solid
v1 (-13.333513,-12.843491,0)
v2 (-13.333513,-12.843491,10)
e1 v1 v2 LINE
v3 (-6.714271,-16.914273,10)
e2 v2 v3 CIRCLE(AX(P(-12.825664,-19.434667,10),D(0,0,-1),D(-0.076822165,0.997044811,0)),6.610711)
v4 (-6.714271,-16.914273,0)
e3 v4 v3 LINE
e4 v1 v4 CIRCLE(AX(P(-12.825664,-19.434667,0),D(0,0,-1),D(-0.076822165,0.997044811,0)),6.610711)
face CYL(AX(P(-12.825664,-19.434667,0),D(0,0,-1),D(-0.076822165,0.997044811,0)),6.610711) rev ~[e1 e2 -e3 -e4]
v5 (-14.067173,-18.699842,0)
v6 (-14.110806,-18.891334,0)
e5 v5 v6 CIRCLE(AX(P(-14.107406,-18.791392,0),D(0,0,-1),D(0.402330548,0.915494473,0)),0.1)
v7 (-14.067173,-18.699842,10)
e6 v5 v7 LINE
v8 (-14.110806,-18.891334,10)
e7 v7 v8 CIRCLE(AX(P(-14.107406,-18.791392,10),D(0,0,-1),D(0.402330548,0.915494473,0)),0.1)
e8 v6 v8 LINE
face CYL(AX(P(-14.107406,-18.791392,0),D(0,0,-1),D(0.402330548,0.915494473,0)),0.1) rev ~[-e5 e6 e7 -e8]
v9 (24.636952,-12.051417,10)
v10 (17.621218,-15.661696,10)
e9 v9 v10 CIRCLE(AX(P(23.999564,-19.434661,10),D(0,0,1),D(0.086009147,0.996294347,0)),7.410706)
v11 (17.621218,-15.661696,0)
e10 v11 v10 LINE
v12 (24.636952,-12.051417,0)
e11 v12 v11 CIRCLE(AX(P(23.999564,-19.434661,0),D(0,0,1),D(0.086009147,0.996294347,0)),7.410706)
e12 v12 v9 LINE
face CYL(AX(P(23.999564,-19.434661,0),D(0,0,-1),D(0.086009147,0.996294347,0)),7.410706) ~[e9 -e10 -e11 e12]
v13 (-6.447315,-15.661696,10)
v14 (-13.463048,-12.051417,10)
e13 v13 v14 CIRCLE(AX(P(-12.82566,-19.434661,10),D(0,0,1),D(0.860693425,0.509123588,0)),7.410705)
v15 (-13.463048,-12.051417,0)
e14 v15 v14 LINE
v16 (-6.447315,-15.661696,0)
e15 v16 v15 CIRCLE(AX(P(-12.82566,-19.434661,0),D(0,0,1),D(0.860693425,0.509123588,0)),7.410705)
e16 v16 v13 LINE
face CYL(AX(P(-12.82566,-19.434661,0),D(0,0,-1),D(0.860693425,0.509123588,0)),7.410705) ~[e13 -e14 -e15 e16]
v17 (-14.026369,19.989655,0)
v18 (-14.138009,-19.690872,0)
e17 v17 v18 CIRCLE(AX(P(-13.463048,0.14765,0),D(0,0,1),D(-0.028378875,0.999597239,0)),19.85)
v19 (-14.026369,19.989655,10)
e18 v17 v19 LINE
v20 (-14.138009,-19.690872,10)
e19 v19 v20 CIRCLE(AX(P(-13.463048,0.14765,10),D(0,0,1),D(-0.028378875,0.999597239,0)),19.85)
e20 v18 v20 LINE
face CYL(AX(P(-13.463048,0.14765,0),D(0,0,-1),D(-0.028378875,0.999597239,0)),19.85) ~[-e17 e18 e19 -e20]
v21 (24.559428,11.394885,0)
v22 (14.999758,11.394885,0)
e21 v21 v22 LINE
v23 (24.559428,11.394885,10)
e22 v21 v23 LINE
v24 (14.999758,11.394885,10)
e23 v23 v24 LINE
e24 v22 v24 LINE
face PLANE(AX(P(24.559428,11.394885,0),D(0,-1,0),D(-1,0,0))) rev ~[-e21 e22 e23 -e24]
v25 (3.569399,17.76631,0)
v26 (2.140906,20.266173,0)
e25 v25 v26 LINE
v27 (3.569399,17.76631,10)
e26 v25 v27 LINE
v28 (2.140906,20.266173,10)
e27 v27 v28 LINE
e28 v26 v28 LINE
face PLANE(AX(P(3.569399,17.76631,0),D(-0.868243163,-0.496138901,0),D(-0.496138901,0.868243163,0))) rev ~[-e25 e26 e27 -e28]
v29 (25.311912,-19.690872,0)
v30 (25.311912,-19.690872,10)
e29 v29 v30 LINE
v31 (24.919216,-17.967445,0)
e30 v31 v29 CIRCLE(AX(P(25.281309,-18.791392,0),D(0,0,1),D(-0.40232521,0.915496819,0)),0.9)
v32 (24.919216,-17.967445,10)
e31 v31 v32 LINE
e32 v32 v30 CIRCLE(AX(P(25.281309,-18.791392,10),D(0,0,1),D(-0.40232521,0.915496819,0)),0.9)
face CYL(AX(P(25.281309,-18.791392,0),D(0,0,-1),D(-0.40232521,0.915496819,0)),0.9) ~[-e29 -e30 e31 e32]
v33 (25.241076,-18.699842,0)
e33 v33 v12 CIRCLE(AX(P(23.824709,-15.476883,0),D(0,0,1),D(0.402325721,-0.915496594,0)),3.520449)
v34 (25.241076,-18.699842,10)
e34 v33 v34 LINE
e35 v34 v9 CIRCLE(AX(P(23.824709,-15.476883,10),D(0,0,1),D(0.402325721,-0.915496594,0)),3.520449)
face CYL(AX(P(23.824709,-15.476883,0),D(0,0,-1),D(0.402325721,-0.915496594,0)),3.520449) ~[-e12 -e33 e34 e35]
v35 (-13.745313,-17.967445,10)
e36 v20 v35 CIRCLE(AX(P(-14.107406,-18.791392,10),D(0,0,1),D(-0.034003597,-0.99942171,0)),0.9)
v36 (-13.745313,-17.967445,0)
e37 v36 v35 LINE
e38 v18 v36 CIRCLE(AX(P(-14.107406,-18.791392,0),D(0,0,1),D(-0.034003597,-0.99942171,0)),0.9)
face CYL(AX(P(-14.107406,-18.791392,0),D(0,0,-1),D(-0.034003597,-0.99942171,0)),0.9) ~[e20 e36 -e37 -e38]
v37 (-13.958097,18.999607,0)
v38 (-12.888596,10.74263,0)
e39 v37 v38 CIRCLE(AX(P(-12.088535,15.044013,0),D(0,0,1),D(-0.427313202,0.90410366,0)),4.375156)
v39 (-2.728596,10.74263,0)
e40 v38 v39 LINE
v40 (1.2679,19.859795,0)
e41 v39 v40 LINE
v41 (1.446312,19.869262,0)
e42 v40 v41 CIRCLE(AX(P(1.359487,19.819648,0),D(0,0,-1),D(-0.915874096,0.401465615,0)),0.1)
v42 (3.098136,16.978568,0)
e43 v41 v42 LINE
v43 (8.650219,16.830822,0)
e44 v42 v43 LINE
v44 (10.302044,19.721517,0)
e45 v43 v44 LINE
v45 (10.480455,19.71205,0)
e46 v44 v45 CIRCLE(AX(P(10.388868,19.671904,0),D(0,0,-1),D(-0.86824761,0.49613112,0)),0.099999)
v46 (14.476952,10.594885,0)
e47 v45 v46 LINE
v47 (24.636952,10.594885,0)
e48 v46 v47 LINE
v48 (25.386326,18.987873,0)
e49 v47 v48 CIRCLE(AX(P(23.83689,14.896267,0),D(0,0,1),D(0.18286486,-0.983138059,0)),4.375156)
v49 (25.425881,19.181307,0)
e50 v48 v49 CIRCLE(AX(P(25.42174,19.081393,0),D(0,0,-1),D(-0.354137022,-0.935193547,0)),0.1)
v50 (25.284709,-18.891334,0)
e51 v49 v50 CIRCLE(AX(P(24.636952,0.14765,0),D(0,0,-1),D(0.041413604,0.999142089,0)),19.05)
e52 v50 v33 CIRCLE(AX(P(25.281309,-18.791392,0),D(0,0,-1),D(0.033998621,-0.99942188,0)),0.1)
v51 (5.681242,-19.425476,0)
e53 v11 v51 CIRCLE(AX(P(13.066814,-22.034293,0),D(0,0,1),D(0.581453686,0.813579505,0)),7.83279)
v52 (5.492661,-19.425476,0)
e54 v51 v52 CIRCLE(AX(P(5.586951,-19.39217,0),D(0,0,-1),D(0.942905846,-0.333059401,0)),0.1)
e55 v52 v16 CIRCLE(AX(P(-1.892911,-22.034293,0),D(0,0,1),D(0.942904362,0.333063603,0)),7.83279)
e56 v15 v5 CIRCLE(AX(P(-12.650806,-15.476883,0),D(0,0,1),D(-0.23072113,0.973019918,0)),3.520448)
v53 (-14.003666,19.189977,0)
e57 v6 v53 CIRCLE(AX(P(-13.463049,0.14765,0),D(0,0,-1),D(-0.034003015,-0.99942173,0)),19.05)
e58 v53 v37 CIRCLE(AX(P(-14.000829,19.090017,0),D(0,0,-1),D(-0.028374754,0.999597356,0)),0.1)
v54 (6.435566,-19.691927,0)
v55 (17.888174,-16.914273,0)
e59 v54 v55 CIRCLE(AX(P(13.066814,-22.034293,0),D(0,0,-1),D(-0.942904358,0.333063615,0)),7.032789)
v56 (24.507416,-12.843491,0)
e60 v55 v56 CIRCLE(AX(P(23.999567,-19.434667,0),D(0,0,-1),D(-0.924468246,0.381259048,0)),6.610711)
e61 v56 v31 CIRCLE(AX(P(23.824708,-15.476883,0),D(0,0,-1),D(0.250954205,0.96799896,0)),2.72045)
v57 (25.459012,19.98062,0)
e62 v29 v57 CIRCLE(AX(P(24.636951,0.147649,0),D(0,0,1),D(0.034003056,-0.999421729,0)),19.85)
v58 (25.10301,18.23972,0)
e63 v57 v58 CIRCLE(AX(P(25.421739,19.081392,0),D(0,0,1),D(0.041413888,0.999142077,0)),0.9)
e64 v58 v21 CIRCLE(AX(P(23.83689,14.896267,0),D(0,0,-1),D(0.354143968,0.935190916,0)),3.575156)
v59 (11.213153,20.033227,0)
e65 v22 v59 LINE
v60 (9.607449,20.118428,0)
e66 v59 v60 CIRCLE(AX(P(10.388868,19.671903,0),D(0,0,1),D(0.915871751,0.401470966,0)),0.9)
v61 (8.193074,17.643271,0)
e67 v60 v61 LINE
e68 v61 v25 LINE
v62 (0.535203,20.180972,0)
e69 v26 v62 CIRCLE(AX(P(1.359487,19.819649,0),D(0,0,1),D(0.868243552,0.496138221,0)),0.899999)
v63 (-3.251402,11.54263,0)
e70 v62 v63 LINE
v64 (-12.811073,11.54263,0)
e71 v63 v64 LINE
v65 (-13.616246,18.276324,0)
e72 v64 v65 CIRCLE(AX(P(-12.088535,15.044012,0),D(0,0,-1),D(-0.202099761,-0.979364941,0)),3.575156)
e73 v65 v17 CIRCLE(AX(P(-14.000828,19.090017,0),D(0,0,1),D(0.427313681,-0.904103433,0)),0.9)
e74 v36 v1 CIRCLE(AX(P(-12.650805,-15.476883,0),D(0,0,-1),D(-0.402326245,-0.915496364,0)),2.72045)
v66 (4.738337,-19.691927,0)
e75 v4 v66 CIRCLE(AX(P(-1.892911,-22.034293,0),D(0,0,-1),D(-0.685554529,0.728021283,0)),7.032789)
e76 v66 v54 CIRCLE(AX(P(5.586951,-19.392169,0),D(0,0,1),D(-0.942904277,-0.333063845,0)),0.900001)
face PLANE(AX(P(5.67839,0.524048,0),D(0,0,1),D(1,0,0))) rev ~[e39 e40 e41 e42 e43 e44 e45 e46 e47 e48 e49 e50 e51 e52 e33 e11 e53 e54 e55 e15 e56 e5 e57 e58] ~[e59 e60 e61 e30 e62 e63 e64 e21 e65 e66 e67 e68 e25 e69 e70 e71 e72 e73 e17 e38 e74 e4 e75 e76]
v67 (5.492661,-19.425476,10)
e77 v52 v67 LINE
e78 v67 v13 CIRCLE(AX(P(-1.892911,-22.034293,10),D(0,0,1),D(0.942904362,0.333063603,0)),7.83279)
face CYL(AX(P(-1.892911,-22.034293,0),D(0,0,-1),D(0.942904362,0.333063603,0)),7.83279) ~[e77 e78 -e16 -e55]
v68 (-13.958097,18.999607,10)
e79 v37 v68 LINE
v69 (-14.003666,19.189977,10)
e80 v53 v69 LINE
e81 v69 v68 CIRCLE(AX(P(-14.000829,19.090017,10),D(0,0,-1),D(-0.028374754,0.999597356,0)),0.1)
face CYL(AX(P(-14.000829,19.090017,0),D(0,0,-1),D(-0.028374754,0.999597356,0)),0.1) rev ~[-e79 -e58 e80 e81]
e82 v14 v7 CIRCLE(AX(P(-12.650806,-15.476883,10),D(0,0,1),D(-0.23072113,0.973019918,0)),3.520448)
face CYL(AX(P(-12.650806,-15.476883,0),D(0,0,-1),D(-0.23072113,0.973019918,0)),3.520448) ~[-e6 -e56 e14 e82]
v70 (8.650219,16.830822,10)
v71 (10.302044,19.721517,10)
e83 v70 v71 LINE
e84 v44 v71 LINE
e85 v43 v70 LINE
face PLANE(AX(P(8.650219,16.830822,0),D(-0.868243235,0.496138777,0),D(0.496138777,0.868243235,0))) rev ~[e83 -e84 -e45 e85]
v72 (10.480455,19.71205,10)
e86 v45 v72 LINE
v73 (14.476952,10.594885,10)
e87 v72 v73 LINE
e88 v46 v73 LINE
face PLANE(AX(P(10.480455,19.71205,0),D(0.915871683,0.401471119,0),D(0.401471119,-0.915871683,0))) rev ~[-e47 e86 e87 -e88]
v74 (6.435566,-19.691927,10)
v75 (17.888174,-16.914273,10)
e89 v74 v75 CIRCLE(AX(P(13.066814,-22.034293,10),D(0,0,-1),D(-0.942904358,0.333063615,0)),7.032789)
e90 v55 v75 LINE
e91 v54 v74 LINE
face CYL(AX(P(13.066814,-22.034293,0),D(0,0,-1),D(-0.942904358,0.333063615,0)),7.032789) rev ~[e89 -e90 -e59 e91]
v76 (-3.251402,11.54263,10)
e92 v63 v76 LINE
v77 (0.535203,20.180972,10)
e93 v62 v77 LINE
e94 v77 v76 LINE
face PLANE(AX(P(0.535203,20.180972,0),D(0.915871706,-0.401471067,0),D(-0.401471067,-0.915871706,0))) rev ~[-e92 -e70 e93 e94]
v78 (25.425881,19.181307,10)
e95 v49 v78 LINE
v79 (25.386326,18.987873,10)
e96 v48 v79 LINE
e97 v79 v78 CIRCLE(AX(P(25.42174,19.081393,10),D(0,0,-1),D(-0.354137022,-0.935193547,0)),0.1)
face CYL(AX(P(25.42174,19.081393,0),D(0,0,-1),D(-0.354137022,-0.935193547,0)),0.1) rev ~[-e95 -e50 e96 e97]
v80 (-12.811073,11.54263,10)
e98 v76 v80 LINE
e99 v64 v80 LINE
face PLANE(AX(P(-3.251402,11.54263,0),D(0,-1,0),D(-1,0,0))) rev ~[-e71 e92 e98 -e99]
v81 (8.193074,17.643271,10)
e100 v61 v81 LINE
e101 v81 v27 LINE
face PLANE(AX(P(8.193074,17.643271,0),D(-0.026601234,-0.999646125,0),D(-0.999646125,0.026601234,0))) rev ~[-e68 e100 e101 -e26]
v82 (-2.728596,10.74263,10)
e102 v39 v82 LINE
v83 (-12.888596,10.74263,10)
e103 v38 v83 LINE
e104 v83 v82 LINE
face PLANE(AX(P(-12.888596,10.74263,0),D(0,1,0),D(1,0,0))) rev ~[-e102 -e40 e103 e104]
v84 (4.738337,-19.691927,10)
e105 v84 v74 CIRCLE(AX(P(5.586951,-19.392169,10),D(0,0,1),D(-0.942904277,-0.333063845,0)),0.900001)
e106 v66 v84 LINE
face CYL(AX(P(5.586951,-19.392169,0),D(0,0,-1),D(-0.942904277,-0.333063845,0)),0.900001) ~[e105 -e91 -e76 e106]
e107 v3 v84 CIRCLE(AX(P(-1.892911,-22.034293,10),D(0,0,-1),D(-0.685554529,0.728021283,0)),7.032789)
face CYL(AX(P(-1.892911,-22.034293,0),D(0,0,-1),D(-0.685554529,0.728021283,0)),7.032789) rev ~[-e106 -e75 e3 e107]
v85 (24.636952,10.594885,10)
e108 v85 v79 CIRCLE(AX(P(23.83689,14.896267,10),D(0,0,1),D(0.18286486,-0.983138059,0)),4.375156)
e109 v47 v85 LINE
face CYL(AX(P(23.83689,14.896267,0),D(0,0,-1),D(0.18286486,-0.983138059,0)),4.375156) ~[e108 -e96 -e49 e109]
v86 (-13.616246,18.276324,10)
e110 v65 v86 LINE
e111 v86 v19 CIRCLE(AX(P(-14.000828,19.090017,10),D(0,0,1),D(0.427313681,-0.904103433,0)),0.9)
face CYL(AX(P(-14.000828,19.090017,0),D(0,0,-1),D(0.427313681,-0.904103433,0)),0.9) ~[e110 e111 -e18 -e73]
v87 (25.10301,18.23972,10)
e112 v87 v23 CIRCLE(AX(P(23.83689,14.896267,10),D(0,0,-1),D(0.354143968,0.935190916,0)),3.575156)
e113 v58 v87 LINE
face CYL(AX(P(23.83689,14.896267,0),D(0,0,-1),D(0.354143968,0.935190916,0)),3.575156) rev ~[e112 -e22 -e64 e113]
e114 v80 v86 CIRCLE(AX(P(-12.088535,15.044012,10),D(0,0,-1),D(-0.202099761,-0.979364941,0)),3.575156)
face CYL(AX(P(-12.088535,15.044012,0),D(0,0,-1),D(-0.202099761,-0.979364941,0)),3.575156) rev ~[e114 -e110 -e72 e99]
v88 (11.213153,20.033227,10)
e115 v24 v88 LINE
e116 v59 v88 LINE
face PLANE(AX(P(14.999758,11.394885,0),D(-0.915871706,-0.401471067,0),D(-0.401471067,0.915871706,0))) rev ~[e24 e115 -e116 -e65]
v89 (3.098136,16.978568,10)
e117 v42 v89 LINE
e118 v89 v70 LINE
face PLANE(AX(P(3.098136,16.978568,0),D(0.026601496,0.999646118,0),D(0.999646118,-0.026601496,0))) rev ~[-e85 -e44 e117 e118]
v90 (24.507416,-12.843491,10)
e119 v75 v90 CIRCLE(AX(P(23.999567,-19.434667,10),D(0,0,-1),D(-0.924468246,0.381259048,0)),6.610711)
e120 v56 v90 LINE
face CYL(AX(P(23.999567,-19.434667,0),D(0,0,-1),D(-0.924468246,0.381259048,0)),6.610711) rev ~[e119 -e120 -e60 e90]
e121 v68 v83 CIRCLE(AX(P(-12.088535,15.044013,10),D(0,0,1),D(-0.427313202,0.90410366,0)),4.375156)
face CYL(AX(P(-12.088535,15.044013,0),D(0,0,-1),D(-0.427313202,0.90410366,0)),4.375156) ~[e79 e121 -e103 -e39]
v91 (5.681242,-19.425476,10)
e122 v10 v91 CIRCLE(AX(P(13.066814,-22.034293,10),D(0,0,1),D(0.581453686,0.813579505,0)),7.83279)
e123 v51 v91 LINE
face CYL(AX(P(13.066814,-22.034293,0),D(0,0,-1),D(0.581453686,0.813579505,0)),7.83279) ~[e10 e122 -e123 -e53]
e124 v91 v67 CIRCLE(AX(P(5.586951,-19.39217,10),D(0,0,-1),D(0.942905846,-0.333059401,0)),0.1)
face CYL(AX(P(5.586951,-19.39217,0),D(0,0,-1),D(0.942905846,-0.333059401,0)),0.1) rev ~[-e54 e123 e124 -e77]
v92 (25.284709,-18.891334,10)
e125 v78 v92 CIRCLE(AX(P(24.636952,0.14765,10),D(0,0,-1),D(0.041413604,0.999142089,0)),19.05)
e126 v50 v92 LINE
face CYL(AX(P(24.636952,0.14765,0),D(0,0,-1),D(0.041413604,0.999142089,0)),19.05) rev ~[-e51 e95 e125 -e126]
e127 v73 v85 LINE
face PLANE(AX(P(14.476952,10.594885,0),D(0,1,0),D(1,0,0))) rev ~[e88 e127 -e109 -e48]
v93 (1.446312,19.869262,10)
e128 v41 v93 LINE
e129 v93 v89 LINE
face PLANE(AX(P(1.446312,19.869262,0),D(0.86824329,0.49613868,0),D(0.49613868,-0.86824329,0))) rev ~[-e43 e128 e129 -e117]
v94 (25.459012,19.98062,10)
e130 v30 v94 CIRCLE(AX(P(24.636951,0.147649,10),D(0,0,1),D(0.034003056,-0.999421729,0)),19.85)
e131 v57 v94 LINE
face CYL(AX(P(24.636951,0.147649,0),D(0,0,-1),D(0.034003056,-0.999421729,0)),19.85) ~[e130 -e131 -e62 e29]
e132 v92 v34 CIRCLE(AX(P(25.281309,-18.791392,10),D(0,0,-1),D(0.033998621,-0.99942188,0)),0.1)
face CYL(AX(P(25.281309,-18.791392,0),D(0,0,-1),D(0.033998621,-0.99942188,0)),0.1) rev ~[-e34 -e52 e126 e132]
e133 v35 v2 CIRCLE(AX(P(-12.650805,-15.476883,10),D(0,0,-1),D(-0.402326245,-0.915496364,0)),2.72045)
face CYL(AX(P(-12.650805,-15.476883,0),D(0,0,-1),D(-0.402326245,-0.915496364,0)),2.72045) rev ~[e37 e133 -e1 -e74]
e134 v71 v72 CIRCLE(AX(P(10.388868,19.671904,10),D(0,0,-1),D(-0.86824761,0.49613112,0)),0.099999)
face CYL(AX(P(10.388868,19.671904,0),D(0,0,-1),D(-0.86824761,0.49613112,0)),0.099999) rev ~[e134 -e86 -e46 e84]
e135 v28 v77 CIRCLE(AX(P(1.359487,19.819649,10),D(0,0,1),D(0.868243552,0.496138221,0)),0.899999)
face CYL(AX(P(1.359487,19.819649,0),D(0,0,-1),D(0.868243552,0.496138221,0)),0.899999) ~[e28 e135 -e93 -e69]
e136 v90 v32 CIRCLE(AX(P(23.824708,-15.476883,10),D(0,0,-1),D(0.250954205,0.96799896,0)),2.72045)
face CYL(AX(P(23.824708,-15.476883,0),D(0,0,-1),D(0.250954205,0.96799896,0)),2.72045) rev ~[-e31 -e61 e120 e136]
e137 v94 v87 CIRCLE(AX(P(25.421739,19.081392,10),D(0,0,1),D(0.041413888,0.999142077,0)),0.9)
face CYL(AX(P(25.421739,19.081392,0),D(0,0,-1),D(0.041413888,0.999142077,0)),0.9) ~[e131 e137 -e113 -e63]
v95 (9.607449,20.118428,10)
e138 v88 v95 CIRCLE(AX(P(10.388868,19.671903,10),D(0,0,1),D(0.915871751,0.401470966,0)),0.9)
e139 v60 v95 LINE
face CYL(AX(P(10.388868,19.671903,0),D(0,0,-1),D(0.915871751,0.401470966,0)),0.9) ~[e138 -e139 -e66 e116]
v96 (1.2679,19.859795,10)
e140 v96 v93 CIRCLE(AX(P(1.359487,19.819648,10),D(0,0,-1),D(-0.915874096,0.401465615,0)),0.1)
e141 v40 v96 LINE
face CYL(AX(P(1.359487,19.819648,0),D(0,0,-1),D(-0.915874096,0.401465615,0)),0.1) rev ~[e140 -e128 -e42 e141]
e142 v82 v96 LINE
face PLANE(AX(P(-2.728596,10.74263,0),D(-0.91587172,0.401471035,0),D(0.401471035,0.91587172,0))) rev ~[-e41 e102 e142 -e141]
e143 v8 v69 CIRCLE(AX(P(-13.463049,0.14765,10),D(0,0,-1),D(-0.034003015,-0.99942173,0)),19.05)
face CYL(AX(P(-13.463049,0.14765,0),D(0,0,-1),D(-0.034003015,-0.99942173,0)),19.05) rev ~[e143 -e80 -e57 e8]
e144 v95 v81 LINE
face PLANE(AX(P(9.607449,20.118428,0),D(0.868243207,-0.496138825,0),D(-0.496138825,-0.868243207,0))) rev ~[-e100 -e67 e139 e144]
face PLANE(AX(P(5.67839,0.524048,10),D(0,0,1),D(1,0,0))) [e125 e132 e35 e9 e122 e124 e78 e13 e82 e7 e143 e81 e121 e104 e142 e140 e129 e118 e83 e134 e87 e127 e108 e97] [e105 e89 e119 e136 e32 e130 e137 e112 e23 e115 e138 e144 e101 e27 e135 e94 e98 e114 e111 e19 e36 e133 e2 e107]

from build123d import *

# Parameters (mm, degrees)
F1_DEPTH = 10


with BuildPart() as f1:
    # F0 (on Top) → F1 (new body)
    with BuildSketch(Plane.XY):
        with BuildLine():
            ThreePointArc((-6.714271, -16.914273), (-0.235273, -15.199649), (4.738337, -19.691927))
            ThreePointArc((4.738337, -19.691927), (5.586952, -20.29217), (6.435566, -19.691927))
            ThreePointArc((6.435566, -19.691927), (11.409176, -15.199649), (17.888174, -16.914273))
            ThreePointArc((17.888174, -16.914273), (20.536513, -13.803613), (24.507416, -12.843491))
            ThreePointArc((24.507416, -12.843491), (26.536414, -15.25895), (24.919216, -17.967445))
            ThreePointArc((24.919216, -17.967445), (24.4038, -18.991339), (25.311912, -19.690872))
            ThreePointArc((25.311912, -19.690872), (44.486815, 0.074047), (25.459012, 19.98062))
            ThreePointArc((25.459012, 19.98062), (24.539987, 19.261705), (25.10301, 18.23972))
            ThreePointArc((25.10301, 18.23972), (27.400825, 14.613237), (24.559428, 11.394885))
            Line((24.559428, 11.394885), (14.999758, 11.394885))
            Line((14.999758, 11.394885), (11.213153, 20.033227))
            ThreePointArc((11.213153, 20.033227), (10.436556, 20.570639), (9.607449, 20.118428))
            Line((9.607449, 20.118428), (8.193074, 17.643271))
            Line((8.193074, 17.643271), (3.569399, 17.76631))
            Line((3.569399, 17.76631), (2.140906, 20.266173))
            ThreePointArc((2.140906, 20.266173), (1.311799, 20.718384), (0.535203, 20.180972))
            Line((0.535203, 20.180972), (-3.251402, 11.54263))
            Line((-3.251402, 11.54263), (-12.811073, 11.54263))
            ThreePointArc((-12.811073, 11.54263), (-15.638403, 14.619541), (-13.616246, 18.276324))
            ThreePointArc((-13.616246, 18.276324), (-13.125555, 19.299533), (-14.026369, 19.989655))
            ThreePointArc((-14.026369, 19.989655), (-33.31297, 0.203497), (-14.138009, -19.690872))
            ThreePointArc((-14.138009, -19.690872), (-13.229897, -18.991339), (-13.745313, -17.967445))
            ThreePointArc((-13.745313, -17.967445), (-15.362511, -15.25895), (-13.333513, -12.843491))
            ThreePointArc((-13.333513, -12.843491), (-9.36261, -13.803613), (-6.714271, -16.914273))
        make_face()
        with BuildLine():
            ThreePointArc((-14.110806, -18.891334), (-32.512973, 0.201246), (-14.003666, 19.189977))
            ThreePointArc((-14.003666, 19.189977), (-13.903576, 19.113297), (-13.958097, 18.999607))
            ThreePointArc((-13.958097, 18.999607), (-16.427445, 14.482007), (-12.888596, 10.74263))
            Line((-12.888596, 10.74263), (-2.728596, 10.74263))
            Line((-2.728596, 10.74263), (1.2679, 19.859795))
            ThreePointArc((1.2679, 19.859795), (1.354189, 19.919508), (1.446312, 19.869262))
            Line((1.446312, 19.869262), (3.098136, 16.978568))
            Line((3.098136, 16.978568), (8.650219, 16.830822))
            Line((8.650219, 16.830822), (10.302044, 19.721517))
            ThreePointArc((10.302044, 19.721517), (10.394167, 19.771763), (10.480455, 19.71205))
            Line((10.480455, 19.71205), (14.476952, 10.594885))
            Line((14.476952, 10.594885), (24.636952, 10.594885))
            ThreePointArc((24.636952, 10.594885), (28.19471, 14.507176), (25.386326, 18.987873))
            ThreePointArc((25.386326, 18.987873), (25.323767, 19.101427), (25.425881, 19.181307))
            ThreePointArc((25.425881, 19.181307), (43.686821, 0.077013), (25.284709, -18.891334))
            ThreePointArc((25.284709, -18.891334), (25.183808, -18.813608), (25.241076, -18.699842))
            ThreePointArc((25.241076, -18.699842), (27.330713, -15.158302), (24.636952, -12.051417))
            ThreePointArc((24.636952, -12.051417), (20.608667, -12.845247), (17.621218, -15.661696))
            ThreePointArc((17.621218, -15.661696), (10.711949, -14.563871), (5.681242, -19.425476))
            ThreePointArc((5.681242, -19.425476), (5.586952, -19.49217), (5.492661, -19.425476))
            ThreePointArc((5.492661, -19.425476), (0.461954, -14.563871), (-6.447315, -15.661696))
            ThreePointArc((-6.447315, -15.661696), (-9.434764, -12.845247), (-13.463048, -12.051417))
            ThreePointArc((-13.463048, -12.051417), (-16.15681, -15.158302), (-14.067173, -18.699842))
            ThreePointArc((-14.067173, -18.699842), (-14.009905, -18.813608), (-14.110806, -18.891334))
        make_face(mode=Mode.SUBTRACT)
    extrude(amount=F1_DEPTH)


solid = f1.part
